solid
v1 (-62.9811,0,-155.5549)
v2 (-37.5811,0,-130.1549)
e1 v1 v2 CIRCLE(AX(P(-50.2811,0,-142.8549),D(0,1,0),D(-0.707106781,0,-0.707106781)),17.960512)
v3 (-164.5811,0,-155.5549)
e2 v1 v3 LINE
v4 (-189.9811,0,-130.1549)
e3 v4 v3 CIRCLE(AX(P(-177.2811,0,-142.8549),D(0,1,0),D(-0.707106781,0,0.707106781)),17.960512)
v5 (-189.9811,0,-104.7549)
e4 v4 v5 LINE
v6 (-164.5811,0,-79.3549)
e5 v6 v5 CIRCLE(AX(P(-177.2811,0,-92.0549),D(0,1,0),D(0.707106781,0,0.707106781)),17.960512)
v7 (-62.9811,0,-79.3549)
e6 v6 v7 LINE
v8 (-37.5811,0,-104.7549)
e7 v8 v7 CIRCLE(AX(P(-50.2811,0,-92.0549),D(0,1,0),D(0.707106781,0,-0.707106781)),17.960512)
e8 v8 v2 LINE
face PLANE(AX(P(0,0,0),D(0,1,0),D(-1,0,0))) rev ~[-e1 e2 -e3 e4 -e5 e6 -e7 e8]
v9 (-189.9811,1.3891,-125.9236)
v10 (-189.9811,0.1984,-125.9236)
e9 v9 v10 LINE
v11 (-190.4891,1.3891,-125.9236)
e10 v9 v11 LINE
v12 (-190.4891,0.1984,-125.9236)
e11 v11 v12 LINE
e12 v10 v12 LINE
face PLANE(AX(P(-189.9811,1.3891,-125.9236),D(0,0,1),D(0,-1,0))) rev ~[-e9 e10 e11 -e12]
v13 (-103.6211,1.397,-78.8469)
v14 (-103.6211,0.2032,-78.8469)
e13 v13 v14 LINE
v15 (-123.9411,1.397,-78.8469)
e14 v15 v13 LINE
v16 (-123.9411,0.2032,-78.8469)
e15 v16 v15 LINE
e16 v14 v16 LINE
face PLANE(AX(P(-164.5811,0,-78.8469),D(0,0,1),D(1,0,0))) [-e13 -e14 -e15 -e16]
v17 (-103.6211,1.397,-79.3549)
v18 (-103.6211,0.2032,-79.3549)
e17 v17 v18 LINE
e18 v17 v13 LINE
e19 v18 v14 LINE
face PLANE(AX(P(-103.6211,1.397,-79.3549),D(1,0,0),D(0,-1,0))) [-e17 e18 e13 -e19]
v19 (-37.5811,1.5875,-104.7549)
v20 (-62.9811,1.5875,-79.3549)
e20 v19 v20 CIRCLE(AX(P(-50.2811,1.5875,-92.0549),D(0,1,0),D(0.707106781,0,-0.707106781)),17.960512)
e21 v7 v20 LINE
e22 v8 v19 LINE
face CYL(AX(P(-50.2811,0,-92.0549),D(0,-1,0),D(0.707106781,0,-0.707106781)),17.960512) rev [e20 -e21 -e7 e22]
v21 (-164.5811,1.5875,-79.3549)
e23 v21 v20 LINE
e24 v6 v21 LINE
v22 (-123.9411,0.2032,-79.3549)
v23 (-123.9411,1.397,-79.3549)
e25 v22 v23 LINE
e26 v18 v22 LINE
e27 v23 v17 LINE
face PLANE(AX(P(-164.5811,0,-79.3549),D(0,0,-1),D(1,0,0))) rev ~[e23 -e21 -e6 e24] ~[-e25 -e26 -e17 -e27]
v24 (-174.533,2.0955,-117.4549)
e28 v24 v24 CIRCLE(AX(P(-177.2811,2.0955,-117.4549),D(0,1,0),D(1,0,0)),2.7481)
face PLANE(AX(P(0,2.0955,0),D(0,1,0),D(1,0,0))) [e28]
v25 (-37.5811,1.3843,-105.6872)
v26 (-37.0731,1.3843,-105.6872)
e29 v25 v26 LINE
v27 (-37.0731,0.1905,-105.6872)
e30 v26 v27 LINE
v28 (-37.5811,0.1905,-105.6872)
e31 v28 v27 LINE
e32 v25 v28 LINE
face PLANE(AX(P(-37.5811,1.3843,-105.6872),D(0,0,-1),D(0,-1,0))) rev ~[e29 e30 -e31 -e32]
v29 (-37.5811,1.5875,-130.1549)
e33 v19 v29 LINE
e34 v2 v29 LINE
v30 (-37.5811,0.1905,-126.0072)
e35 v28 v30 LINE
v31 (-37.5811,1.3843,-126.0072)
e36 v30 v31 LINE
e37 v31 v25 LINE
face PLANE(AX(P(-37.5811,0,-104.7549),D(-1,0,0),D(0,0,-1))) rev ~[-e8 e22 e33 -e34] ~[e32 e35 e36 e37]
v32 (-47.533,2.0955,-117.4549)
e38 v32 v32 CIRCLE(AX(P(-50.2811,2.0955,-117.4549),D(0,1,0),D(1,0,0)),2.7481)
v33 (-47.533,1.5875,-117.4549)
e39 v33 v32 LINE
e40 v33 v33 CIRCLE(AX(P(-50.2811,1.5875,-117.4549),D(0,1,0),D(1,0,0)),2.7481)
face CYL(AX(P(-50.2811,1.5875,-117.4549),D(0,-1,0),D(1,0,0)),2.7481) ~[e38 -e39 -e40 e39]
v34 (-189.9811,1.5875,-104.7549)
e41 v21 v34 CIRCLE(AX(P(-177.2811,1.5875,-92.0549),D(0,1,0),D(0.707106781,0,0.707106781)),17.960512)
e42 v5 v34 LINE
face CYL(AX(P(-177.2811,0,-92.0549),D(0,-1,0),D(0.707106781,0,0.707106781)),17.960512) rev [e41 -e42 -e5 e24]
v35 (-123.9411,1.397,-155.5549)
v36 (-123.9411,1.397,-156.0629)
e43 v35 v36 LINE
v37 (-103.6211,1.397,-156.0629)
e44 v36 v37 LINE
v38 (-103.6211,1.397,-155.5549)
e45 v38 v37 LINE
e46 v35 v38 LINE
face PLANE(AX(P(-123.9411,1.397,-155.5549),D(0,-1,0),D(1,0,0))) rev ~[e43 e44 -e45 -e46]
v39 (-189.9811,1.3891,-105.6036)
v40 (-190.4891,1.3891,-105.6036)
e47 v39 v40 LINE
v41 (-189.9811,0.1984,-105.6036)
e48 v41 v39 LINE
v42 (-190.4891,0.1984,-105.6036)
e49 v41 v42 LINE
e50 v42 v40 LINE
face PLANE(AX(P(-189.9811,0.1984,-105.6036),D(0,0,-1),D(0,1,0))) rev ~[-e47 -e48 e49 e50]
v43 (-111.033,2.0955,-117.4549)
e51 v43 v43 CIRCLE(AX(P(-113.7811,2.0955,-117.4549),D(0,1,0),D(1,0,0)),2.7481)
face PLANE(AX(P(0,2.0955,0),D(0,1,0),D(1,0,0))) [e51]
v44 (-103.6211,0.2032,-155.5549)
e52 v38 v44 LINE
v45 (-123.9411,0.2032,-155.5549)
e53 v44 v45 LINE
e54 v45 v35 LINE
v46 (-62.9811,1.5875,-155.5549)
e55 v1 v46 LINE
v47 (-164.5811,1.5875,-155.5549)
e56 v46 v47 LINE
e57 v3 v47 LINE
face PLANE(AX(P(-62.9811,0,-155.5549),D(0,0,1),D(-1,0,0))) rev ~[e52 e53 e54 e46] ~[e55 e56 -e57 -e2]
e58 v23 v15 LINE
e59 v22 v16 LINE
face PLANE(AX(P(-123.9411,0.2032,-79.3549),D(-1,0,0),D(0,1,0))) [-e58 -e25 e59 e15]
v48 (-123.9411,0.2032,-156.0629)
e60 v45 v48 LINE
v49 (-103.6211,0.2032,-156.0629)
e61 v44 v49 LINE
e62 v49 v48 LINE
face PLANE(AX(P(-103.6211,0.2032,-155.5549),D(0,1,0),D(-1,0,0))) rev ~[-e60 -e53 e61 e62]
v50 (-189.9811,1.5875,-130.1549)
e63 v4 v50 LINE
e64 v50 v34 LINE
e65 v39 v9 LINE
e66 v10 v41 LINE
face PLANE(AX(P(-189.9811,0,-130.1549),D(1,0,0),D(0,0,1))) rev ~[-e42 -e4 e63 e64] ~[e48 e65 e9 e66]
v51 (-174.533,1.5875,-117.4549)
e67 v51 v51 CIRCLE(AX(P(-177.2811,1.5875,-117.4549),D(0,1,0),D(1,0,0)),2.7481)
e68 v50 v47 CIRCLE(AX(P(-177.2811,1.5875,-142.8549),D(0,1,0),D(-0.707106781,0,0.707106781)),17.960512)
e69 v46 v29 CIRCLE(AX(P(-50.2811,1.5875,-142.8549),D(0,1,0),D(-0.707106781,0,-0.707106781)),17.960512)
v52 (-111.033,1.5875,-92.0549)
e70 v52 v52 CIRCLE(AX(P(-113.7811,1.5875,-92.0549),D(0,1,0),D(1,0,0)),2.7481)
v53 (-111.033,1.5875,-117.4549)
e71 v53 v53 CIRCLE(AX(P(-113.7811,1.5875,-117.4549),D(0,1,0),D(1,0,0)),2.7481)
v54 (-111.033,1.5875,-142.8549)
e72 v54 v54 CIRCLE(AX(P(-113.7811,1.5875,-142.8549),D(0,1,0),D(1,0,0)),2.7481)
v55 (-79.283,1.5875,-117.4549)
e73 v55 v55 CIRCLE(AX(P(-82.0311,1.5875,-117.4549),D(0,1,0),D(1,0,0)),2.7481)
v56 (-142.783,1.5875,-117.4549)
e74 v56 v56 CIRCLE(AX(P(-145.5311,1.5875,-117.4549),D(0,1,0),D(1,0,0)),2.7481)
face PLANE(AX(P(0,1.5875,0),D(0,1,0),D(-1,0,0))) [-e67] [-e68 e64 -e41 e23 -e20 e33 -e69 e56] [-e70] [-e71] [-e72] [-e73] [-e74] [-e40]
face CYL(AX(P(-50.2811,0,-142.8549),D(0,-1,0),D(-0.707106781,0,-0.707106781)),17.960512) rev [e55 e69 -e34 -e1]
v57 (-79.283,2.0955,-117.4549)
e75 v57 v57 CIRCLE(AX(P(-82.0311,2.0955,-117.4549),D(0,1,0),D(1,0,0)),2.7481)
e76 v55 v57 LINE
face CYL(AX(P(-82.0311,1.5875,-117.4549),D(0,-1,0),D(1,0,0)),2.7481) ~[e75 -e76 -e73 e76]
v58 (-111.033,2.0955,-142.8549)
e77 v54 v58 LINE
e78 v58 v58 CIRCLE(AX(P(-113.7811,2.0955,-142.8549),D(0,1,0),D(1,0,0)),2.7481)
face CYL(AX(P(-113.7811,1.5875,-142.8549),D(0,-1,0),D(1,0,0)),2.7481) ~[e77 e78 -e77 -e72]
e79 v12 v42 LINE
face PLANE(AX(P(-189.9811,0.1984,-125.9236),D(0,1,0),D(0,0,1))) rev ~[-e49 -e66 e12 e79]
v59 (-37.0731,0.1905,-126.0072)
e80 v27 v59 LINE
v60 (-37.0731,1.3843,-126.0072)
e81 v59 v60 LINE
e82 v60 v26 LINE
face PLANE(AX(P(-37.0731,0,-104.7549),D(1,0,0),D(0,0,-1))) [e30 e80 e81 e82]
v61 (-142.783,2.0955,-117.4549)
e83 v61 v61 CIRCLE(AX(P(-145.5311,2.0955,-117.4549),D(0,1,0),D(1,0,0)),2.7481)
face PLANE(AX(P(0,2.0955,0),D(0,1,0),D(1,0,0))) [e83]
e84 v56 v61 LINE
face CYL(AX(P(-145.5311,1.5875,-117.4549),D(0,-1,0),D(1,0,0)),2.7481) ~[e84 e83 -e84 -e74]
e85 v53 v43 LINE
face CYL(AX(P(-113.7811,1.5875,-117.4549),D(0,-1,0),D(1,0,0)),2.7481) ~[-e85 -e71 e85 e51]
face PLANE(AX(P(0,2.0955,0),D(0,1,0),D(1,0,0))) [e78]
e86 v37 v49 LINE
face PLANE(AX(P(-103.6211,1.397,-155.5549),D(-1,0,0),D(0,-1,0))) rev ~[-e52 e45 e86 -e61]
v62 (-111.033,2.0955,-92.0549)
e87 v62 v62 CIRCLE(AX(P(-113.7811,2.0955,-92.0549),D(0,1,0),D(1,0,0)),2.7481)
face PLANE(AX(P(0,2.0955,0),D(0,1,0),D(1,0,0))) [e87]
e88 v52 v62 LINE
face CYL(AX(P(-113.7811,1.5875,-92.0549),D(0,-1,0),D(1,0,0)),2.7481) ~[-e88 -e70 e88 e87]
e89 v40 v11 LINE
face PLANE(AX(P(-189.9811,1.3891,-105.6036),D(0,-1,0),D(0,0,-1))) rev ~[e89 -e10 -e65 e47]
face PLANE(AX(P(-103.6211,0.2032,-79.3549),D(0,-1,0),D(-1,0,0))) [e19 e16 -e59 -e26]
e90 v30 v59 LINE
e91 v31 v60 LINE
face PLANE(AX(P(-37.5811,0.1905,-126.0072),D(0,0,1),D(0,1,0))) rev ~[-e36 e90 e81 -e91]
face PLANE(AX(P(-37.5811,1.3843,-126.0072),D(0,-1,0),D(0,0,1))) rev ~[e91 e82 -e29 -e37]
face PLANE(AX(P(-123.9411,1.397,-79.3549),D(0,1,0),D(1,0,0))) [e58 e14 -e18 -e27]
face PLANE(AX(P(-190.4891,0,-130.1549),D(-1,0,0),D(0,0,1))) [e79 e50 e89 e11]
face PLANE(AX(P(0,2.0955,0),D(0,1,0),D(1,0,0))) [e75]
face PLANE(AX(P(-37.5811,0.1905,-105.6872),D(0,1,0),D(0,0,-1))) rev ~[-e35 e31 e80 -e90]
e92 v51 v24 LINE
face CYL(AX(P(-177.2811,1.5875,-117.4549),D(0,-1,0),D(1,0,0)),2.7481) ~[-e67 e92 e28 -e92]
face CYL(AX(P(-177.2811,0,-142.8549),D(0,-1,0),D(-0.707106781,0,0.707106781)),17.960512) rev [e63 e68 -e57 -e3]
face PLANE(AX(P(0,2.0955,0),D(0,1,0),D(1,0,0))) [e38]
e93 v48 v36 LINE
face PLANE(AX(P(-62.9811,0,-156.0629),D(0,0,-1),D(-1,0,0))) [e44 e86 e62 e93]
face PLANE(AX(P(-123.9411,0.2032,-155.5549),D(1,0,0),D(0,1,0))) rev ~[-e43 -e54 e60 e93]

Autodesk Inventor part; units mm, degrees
ref_plane "YZ Plane" through (0, 0, 0) normal (1, 0, 0) x (0, 1, 0)
ref_plane "XZ Plane" through (0, 0, 0) normal (0, 1, 0) x (-1, 0, 0)
ref_plane "XY Plane" through (0, 0, 0) normal (0, 0, 1) x (1, 0, 0)
sketch "Sketch1" plane through (0, 0, 0) normal (0, 1, 0) x (-1, 0, 0)
  line L0 (37.5811, -104.7549) -> (37.5811, -130.1549)
  line L1 (62.9811, -155.5549) -> (164.5811, -155.5549)
  line L2 (189.9811, -130.1549) -> (189.9811, -104.7549)
  arc A0 (62.9811, -155.5549) -> (37.5811, -130.1549) centre (50.2811, -142.8549) ccw
  arc A1 (189.9811, -130.1549) -> (164.5811, -155.5549) centre (177.2811, -142.8549) ccw
  arc A2 (164.5811, -79.3549) -> (189.9811, -104.7549) centre (177.2811, -92.0549) ccw
  arc A3 (37.5811, -104.7549) -> (62.9811, -79.3549) centre (50.2811, -92.0549) ccw
  line L3 (164.5811, -79.3549) -> (62.9811, -79.3549)
  point P0 (0, 0)
  dimension "d4" = 17.9605
  dimension "d11" = 17.9605
  dimension "d16" = 25.4
  dimension "d17" = 17.9605
  dimension "d18" = 25.4
  dimension "d19" = 101.6
  dimension "d20" = 17.9605
extrude "Extrusion1" add sketch "Sketch1" along normal blind 1.5875
sketch "Sketch2" plane through (0, 1.5875, 0) normal (0, 1, 0) x (1, 0, 0)
  circle A0 centre (-113.7811, 117.4549) radius 2.7481
  line L0 (-62.9811, 155.5549) -> (-164.5811, 155.5549) projected
  line L1 (-37.5811, 104.7549) -> (-37.5811, 130.1549) projected
  circle A1 centre (-145.5311, 117.4549) radius 2.7481
  circle A2 centre (-177.2811, 117.4549) radius 2.7481
  circle A3 centre (-82.0311, 117.4549) radius 2.7481
  circle A4 centre (-50.2811, 117.4549) radius 2.7481
  circle A5 centre (-113.7811, 142.8549) radius 2.7481
  circle A6 centre (-113.7811, 92.0549) radius 2.7481
  point P0 (0, 0)
  dimension "d23" = 38.1
  dimension "d24" = 76.2
  dimension "d27" = 31.75
  dimension "d34" = 31.75
  dimension "d41" = 25.4
  dimension "d48" = 25.4
extrude "Extrusion2" add sketch "Sketch2" along normal blind 0.508
sketch "Sketch3" plane through (-189.9811, 0, -130.1549) normal (-1, 0, 0) x (0, 0, 1)
  line L0 (24.5513, 1.3891) -> (4.2313, 1.3891)
  line L1 (4.2313, 1.3891) -> (4.2313, 0.1984)
  line L2 (4.2313, 0.1984) -> (24.5513, 0.1984)
  line L3 (24.5513, 0.1984) -> (24.5513, 1.3891)
  line L4 (0, 0) -> (0, 1.5875) projected
  line L5 (0, 0) -> (25.4, 0) projected
  line L6 (25.4, 0) -> (25.4, 1.5875) projected
  line L7 (0, 1.5875) -> (25.4, 1.5875) projected
  point P0 (130.1549, 0)
  dimension "d55" = 1.5875
  dimension "d56" = 25.4
  dimension "d57" = 1.1906
  dimension "d58" = 0.1984
  dimension "d59" = 20.32
sketch "Sketch4" plane through (-37.5811, 0, -104.7549) normal (1, 0, 0) x (0, 0, -1)
  line L0 (0, 1.5875) -> (25.4, 1.5875) projected
  line L1 (0, 0) -> (0, 1.5875) projected
  line L2 (25.4, 0) -> (25.4, 1.5875) projected
  line L3 (0.9323, 0.1905) -> (21.2523, 0.1905)
  line L4 (21.2523, 0.1905) -> (21.2523, 1.3843)
  line L5 (21.2523, 1.3843) -> (0.9323, 1.3843)
  line L6 (0.9323, 1.3843) -> (0.9323, 0.1905)
  point P0 (-104.7549, 0)
  dimension "d60" = 20.32
  dimension "d61" = 1.1938
  dimension "d62" = 0.2032
extrude "Extrusion3" add sketch "Sketch4" along normal blind 0.508
sketch "Sketch5" plane through (-62.9811, 0, -155.5549) normal (0, 0, -1) x (-1, 0, 0)
  line L0 (101.6, 0) -> (101.6, 1.5875) projected
  line L1 (0, 0) -> (0, 1.5875) projected
  line L2 (40.64, 0.2032) -> (60.96, 0.2032)
  line L3 (60.96, 0.2032) -> (60.96, 1.397)
  line L4 (60.96, 1.397) -> (40.64, 1.397)
  line L5 (40.64, 1.397) -> (40.64, 0.2032)
  line L6 (0, 1.5875) -> (101.6, 1.5875) projected
  line L7 (0, 0) -> (101.6, 0) projected
  point P0 (-62.9811, 0)
  dimension "d65" = 20.32
  dimension "d66" = 40.64
  dimension "d67" = 101.6
  dimension "d68" = 40.64
  dimension "d69" = 1.1938
  dimension "d70" = 0.2032
  dimension "d71" = 0.1905
extrude "Extrusion4" add sketch "Sketch5" along normal blind 0.508 contours L5 L4 L3 L2
extrude "Extrusion5" add sketch "Sketch3" along normal blind 0.508 contours L3 L2 L1 L0
sketch "Sketch6" plane through (-164.5811, 0, -79.3549) normal (0, 0, 1) x (1, 0, 0)
  line L0 (101.6, 0) -> (101.6, 1.5875) projected
  line L1 (0, 0) -> (0, 1.5875) projected
  line L2 (60.96, 0.2032) -> (40.64, 0.2032)
  line L3 (40.64, 0.2032) -> (40.64, 1.397)
  line L4 (40.64, 1.397) -> (60.96, 1.397)
  line L5 (60.96, 1.397) -> (60.96, 0.2032)
  line L6 (0, 0) -> (101.6, 0) projected
  point P0 (164.5811, 0)
  dimension "d76" = 20.32
  dimension "d77" = 1.1938
  dimension "d78" = 0.2032
  dimension "d79" = 40.64
extrude "Extrusion6" add sketch "Sketch6" along normal blind 0.508
equation "\"d57\" = 0.75 * d55"
equation "\"d58\" = -0.5 * d57 + 0.5 * d55"
properties part number "FORS phone case- base"
